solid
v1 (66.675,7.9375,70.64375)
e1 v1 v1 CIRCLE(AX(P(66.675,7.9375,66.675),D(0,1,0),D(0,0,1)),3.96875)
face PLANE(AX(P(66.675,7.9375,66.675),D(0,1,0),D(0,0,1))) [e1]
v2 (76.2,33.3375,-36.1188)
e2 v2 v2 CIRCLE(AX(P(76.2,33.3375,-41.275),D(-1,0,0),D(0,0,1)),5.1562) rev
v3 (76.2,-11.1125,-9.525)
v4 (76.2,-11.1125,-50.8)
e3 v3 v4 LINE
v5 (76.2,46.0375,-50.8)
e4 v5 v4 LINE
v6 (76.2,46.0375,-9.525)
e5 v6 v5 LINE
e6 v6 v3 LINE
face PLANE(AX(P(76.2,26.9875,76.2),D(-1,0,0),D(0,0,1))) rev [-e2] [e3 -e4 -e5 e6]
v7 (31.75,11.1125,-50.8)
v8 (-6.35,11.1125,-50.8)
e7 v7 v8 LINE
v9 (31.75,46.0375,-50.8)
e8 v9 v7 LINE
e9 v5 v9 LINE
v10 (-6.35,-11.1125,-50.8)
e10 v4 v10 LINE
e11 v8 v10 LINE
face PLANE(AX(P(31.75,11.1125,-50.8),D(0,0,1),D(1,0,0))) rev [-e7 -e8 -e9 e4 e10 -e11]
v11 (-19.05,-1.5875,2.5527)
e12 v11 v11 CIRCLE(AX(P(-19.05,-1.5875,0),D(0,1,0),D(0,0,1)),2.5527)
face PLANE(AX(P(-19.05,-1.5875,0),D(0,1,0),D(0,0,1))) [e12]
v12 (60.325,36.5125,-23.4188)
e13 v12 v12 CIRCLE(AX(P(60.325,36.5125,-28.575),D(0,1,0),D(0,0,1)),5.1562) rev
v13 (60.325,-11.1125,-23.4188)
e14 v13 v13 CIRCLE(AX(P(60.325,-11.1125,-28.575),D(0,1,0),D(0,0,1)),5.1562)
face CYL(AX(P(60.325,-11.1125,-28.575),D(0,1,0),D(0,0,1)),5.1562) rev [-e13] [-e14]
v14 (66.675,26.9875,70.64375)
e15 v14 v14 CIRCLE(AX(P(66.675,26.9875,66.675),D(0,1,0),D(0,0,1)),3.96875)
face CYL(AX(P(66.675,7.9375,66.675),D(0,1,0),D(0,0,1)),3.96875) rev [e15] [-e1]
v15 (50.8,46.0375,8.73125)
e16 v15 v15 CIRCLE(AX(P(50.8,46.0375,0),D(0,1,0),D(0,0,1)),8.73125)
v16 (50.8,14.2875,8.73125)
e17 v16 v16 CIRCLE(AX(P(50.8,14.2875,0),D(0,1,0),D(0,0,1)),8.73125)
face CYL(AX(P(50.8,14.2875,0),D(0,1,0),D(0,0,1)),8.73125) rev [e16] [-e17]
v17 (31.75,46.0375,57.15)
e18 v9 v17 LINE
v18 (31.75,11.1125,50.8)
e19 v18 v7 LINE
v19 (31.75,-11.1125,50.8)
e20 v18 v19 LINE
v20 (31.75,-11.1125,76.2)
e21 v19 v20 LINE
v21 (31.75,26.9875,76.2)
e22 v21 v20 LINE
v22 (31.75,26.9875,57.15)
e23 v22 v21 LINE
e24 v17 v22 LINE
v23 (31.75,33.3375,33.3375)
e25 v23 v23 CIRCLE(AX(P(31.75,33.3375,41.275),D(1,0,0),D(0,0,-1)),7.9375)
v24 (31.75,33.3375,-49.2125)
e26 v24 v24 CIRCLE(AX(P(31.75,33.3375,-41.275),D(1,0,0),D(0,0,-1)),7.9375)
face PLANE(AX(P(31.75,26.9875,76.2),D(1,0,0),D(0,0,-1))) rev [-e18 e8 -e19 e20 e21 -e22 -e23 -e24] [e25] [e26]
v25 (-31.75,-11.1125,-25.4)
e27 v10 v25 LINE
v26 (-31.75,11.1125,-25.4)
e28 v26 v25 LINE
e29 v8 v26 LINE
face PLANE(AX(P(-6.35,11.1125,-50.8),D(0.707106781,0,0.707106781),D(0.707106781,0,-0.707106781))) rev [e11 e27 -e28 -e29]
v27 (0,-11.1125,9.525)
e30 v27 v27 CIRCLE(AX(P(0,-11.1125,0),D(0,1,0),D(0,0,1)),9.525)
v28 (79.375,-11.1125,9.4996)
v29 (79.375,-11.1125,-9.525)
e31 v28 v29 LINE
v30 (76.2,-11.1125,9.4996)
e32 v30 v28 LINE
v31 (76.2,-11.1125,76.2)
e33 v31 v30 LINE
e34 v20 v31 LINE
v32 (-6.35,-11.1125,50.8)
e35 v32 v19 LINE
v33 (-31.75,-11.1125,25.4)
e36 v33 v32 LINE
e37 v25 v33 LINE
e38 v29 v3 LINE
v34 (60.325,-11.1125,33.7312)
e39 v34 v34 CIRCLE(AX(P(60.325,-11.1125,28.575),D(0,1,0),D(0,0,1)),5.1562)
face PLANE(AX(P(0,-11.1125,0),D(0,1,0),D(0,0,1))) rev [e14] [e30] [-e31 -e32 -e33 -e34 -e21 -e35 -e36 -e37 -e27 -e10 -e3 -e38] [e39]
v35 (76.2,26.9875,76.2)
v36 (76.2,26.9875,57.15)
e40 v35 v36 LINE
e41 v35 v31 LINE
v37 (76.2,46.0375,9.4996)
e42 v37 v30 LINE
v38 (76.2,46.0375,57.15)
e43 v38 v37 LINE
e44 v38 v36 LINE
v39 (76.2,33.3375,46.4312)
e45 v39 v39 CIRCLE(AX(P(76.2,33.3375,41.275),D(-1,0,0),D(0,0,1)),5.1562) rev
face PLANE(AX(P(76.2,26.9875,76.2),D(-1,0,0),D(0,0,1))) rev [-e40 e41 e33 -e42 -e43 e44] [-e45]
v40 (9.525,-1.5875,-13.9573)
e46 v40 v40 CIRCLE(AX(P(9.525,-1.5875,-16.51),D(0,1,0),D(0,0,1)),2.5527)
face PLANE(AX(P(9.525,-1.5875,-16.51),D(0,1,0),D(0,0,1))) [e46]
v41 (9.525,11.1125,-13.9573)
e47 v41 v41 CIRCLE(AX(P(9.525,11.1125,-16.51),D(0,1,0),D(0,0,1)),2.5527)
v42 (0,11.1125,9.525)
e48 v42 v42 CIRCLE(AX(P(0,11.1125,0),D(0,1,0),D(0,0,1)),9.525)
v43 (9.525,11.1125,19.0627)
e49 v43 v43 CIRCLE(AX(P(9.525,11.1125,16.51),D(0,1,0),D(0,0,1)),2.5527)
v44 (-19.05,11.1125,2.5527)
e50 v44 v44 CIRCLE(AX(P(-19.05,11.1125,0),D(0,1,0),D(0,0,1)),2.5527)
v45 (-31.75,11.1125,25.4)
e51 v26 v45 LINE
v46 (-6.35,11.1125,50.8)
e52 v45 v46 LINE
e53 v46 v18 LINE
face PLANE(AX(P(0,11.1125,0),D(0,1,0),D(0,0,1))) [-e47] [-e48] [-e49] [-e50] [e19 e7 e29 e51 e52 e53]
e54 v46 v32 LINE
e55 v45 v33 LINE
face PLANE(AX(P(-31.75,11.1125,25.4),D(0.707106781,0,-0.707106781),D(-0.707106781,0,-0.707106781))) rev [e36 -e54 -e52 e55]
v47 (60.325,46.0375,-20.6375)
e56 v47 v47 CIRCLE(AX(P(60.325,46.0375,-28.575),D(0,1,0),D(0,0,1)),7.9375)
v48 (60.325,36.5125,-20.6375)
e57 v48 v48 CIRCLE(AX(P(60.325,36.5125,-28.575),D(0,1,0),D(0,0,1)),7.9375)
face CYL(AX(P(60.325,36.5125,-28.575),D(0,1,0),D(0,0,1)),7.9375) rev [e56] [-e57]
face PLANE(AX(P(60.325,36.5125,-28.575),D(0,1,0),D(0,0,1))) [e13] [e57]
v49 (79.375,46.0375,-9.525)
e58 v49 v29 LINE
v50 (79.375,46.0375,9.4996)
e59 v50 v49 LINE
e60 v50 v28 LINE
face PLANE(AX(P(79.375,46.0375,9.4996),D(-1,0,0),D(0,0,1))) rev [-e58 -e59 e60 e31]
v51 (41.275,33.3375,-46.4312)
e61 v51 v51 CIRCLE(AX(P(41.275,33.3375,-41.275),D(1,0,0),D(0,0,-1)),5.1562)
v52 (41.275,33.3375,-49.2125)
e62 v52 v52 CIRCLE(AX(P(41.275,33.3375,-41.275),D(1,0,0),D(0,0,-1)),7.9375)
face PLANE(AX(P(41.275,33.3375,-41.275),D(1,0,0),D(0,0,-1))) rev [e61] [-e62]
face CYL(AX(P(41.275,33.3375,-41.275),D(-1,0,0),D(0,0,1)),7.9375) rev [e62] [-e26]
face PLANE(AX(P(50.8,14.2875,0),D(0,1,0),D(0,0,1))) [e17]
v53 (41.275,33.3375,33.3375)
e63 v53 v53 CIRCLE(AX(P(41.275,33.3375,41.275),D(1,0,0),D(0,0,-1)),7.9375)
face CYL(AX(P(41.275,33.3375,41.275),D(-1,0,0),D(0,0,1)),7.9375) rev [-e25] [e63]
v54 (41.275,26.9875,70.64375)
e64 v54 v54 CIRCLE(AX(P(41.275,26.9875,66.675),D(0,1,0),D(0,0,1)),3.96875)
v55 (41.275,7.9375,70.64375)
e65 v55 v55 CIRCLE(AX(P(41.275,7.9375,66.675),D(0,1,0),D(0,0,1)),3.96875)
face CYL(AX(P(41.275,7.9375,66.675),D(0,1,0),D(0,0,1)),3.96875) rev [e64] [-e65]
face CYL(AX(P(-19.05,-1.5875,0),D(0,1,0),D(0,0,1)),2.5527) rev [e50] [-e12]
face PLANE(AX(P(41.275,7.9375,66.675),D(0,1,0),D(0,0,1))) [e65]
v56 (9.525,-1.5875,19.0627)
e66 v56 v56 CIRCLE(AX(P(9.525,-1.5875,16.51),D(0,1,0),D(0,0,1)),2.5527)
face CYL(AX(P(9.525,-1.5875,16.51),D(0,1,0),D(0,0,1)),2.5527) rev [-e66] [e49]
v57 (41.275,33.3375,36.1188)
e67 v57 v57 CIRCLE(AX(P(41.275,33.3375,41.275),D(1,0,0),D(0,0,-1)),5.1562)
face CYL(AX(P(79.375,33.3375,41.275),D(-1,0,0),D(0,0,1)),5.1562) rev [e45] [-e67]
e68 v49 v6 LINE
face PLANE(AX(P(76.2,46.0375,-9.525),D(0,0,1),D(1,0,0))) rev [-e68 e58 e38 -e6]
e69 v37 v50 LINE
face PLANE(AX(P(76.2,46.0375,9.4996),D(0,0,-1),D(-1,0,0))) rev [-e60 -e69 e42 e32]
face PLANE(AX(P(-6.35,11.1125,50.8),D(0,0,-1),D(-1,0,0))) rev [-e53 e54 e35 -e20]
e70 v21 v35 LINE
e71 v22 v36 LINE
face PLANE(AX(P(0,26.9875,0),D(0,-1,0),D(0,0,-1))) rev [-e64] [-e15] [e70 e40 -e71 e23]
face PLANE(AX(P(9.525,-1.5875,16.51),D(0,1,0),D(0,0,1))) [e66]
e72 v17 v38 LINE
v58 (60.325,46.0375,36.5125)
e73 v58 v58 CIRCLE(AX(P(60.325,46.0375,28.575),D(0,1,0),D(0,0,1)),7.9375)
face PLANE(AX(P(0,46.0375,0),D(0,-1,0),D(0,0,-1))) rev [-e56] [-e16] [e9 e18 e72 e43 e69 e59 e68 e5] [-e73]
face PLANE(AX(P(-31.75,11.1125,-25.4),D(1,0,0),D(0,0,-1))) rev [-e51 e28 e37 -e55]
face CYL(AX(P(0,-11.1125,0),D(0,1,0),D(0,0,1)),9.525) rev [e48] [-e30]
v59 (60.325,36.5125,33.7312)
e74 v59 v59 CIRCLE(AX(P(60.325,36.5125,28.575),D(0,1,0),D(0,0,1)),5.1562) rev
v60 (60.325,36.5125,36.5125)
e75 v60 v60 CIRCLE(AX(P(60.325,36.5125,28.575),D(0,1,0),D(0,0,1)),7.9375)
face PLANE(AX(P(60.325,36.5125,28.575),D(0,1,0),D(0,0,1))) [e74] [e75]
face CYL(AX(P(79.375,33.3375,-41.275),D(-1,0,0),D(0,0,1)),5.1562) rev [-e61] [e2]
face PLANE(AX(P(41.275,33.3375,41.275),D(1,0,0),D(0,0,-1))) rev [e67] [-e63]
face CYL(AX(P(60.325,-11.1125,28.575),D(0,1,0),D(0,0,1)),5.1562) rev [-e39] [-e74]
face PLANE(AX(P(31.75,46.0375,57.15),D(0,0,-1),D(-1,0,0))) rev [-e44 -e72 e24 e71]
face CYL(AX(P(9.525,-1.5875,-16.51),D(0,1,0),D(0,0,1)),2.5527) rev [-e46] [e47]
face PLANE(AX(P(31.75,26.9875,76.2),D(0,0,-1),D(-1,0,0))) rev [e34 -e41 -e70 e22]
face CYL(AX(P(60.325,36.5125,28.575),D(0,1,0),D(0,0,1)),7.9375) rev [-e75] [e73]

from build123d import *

# Parameters (mm, degrees)
BOSS_EXTRUDE1_DEPTH = 11.1125
BOSS_EXTRUDE2_START = -11.1125
SKETCH2_W           = 44.45
SKETCH2_H           = 127
BOSS_EXTRUDE2_DEPTH = 38.1
BOSS_EXTRUDE3_START = 26.9875
SKETCH3_W           = 44.45
SKETCH3_H           = 107.95
BOSS_EXTRUDE3_DEPTH = 19.05
BOSS_EXTRUDE4_START = -11.1125
SKETCH4_W           = 3.175
SKETCH4_H           = 19.0246
BOSS_EXTRUDE4_DEPTH = 57.15
CUT_EXTRUDE2_START  = 11.1125
SKETCH5_R           = 9.525
CUT_EXTRUDE2_DEPTH  = 131.386478852
CUT_EXTRUDE4_START  = 11.1125
SKETCH6_R           = 2.5527
CUT_EXTRUDE4_DEPTH  = 12.7
CUT_EXTRUDE6_START  = 11.1125
SKETCH7_R           = 2.5527
CUT_EXTRUDE6_DEPTH  = 12.7
CUT_EXTRUDE8_START  = 46.0375
SKETCH8_R           = 8.73125
CUT_EXTRUDE8_DEPTH  = 31.75
CUT_EXTRUDE10_START = 26.9875
SKETCH9_R           = 3.96875
CUT_EXTRUDE10_DEPTH = 19.05
CUT_EXTRUDE12_START = 46.0375
SKETCH10_R          = 5.1562
CUT_EXTRUDE12_DEPTH = 166.311478852
CUT_EXTRUDE14_START = 46.0375
SKETCH11_R          = 7.9375
CUT_EXTRUDE14_DEPTH = 9.525
CUT_EXTRUDE16_START = 31.75
SKETCH12_R          = 5.1562
CUT_EXTRUDE16_DEPTH = 88.523978852
CUT_EXTRUDE18_START = 31.75
SKETCH13_R          = 7.9375
CUT_EXTRUDE18_DEPTH = 9.525


with BuildPart() as part:
    # Sketch1 → Boss-Extrude1 (new, symmetric)
    with BuildSketch(Plane(origin=(0, 0, 0), x_dir=(1, 0, 0), z_dir=(0, 1, 0))):
        Polygon((-31.75, -25.4), (-6.35, -50.8), (31.75, -50.8), (31.75, 50.8), (-6.35, 50.8), (-31.75, 25.4), align=None)
    extrude(amount=BOSS_EXTRUDE1_DEPTH, both=True)

    # Sketch2 → Boss-Extrude2 (add)
    with BuildSketch(Plane(origin=(0, 0, 0), x_dir=(1, 0, 0), z_dir=(0, 1, 0)).offset(BOSS_EXTRUDE2_START)):
        with Locations((53.975, -12.7)):
            Rectangle(SKETCH2_W, SKETCH2_H)
    extrude(amount=BOSS_EXTRUDE2_DEPTH)

    # Sketch3 → Boss-Extrude3 (add)
    with BuildSketch(Plane(origin=(0, 0, 0), x_dir=(1, 0, 0), z_dir=(0, 1, 0)).offset(BOSS_EXTRUDE3_START)):
        with Locations((53.975, -3.175)):
            Rectangle(SKETCH3_W, SKETCH3_H)
    extrude(amount=BOSS_EXTRUDE3_DEPTH)

    # Sketch4 → Boss-Extrude4 (add)
    with BuildSketch(Plane(origin=(0, 0, 0), x_dir=(1, 0, 0), z_dir=(0, 1, 0)).offset(BOSS_EXTRUDE4_START)):
        with Locations((77.7875, 0.0127)):
            Rectangle(SKETCH4_W, SKETCH4_H)
    extrude(amount=BOSS_EXTRUDE4_DEPTH)

    # Sketch5 → Cut-Extrude2 (cut, through all)
    with BuildSketch(Plane(origin=(0, 0, 0), x_dir=(1, 0, 0), z_dir=(0, 1, 0)).offset(CUT_EXTRUDE2_START)):
        with Locations(Location((0, 0, 0), (0, 0, 270))):
            Circle(SKETCH5_R)
    extrude(amount=-CUT_EXTRUDE2_DEPTH, mode=Mode.SUBTRACT)

    # Sketch6 → Cut-Extrude4 (cut)
    with BuildSketch(Plane(origin=(0, 0, 0), x_dir=(1, 0, 0), z_dir=(0, 1, 0)).offset(CUT_EXTRUDE4_START)):
        with Locations(Location((-19.05, 0, 0), (0, 0, 270))):
            Circle(SKETCH6_R)
        with Locations(Location((9.525, -16.51, 0), (0, 0, 270))):
            Circle(SKETCH6_R)
    extrude(amount=-CUT_EXTRUDE4_DEPTH, mode=Mode.SUBTRACT)

    # Sketch7 → Cut-Extrude6 (cut)
    with BuildSketch(Plane(origin=(0, 0, 0), x_dir=(1, 0, 0), z_dir=(0, 1, 0)).offset(CUT_EXTRUDE6_START)):
        with Locations(Location((9.525, 16.51, 0), (0, 0, 270))):
            Circle(SKETCH7_R)
    extrude(amount=-CUT_EXTRUDE6_DEPTH, mode=Mode.SUBTRACT)

    # Sketch8 → Cut-Extrude8 (cut)
    with BuildSketch(Plane(origin=(0, 0, 0), x_dir=(1, 0, 0), z_dir=(0, 1, 0)).offset(CUT_EXTRUDE8_START)):
        with Locations(Location((50.8, 0, 0), (0, 0, 270))):
            Circle(SKETCH8_R)
    extrude(amount=-CUT_EXTRUDE8_DEPTH, mode=Mode.SUBTRACT)

    # Sketch9 → Cut-Extrude10 (cut)
    with BuildSketch(Plane(origin=(0, 0, 0), x_dir=(1, 0, 0), z_dir=(0, 1, 0)).offset(CUT_EXTRUDE10_START)):
        with Locations(Location((41.275, -66.675, 0), (0, 0, 270))):
            Circle(SKETCH9_R)
        with Locations(Location((66.675, -66.675, 0), (0, 0, 270))):
            Circle(SKETCH9_R)
    extrude(amount=-CUT_EXTRUDE10_DEPTH, mode=Mode.SUBTRACT)

    # Sketch10 → Cut-Extrude12 (cut, through all)
    with BuildSketch(Plane(origin=(0, 0, 0), x_dir=(1, 0, 0), z_dir=(0, 1, 0)).offset(CUT_EXTRUDE12_START)):
        with Locations(Location((60.325, -28.575, 0), (0, 0, 270))):
            Circle(SKETCH10_R)
        with Locations(Location((60.325, 28.575, 0), (0, 0, 270))):
            Circle(SKETCH10_R)
    extrude(amount=-CUT_EXTRUDE12_DEPTH, mode=Mode.SUBTRACT)

    # Sketch11 → Cut-Extrude14 (cut)
    with BuildSketch(Plane(origin=(0, 0, 0), x_dir=(1, 0, 0), z_dir=(0, 1, 0)).offset(CUT_EXTRUDE14_START)):
        with Locations(Location((60.325, -28.575, 0), (0, 0, 270))):
            Circle(SKETCH11_R)
        with Locations(Location((60.325, 28.575, 0), (0, 0, 270))):
            Circle(SKETCH11_R)
    extrude(amount=-CUT_EXTRUDE14_DEPTH, mode=Mode.SUBTRACT)

    # Sketch12 → Cut-Extrude16 (cut, through all)
    with BuildSketch(Plane(origin=(0, 0, 0), x_dir=(0, 0, -1), z_dir=(1, 0, 0)).offset(CUT_EXTRUDE16_START)):
        with Locations(Location((-41.275, 33.3375, 0), (0, 0, 180))):
            Circle(SKETCH12_R)
        with Locations(Location((41.275, 33.3375, 0), (0, 0, 180))):
            Circle(SKETCH12_R)
    extrude(amount=CUT_EXTRUDE16_DEPTH, mode=Mode.SUBTRACT)

    # Sketch13 → Cut-Extrude18 (cut)
    with BuildSketch(Plane(origin=(0, 0, 0), x_dir=(0, 0, -1), z_dir=(1, 0, 0)).offset(CUT_EXTRUDE18_START)):
        with Locations((-41.275, 33.3375)):
            Circle(SKETCH13_R)
        with Locations((41.275, 33.3375)):
            Circle(SKETCH13_R)
    extrude(amount=CUT_EXTRUDE18_DEPTH, mode=Mode.SUBTRACT)


solid = part.part
